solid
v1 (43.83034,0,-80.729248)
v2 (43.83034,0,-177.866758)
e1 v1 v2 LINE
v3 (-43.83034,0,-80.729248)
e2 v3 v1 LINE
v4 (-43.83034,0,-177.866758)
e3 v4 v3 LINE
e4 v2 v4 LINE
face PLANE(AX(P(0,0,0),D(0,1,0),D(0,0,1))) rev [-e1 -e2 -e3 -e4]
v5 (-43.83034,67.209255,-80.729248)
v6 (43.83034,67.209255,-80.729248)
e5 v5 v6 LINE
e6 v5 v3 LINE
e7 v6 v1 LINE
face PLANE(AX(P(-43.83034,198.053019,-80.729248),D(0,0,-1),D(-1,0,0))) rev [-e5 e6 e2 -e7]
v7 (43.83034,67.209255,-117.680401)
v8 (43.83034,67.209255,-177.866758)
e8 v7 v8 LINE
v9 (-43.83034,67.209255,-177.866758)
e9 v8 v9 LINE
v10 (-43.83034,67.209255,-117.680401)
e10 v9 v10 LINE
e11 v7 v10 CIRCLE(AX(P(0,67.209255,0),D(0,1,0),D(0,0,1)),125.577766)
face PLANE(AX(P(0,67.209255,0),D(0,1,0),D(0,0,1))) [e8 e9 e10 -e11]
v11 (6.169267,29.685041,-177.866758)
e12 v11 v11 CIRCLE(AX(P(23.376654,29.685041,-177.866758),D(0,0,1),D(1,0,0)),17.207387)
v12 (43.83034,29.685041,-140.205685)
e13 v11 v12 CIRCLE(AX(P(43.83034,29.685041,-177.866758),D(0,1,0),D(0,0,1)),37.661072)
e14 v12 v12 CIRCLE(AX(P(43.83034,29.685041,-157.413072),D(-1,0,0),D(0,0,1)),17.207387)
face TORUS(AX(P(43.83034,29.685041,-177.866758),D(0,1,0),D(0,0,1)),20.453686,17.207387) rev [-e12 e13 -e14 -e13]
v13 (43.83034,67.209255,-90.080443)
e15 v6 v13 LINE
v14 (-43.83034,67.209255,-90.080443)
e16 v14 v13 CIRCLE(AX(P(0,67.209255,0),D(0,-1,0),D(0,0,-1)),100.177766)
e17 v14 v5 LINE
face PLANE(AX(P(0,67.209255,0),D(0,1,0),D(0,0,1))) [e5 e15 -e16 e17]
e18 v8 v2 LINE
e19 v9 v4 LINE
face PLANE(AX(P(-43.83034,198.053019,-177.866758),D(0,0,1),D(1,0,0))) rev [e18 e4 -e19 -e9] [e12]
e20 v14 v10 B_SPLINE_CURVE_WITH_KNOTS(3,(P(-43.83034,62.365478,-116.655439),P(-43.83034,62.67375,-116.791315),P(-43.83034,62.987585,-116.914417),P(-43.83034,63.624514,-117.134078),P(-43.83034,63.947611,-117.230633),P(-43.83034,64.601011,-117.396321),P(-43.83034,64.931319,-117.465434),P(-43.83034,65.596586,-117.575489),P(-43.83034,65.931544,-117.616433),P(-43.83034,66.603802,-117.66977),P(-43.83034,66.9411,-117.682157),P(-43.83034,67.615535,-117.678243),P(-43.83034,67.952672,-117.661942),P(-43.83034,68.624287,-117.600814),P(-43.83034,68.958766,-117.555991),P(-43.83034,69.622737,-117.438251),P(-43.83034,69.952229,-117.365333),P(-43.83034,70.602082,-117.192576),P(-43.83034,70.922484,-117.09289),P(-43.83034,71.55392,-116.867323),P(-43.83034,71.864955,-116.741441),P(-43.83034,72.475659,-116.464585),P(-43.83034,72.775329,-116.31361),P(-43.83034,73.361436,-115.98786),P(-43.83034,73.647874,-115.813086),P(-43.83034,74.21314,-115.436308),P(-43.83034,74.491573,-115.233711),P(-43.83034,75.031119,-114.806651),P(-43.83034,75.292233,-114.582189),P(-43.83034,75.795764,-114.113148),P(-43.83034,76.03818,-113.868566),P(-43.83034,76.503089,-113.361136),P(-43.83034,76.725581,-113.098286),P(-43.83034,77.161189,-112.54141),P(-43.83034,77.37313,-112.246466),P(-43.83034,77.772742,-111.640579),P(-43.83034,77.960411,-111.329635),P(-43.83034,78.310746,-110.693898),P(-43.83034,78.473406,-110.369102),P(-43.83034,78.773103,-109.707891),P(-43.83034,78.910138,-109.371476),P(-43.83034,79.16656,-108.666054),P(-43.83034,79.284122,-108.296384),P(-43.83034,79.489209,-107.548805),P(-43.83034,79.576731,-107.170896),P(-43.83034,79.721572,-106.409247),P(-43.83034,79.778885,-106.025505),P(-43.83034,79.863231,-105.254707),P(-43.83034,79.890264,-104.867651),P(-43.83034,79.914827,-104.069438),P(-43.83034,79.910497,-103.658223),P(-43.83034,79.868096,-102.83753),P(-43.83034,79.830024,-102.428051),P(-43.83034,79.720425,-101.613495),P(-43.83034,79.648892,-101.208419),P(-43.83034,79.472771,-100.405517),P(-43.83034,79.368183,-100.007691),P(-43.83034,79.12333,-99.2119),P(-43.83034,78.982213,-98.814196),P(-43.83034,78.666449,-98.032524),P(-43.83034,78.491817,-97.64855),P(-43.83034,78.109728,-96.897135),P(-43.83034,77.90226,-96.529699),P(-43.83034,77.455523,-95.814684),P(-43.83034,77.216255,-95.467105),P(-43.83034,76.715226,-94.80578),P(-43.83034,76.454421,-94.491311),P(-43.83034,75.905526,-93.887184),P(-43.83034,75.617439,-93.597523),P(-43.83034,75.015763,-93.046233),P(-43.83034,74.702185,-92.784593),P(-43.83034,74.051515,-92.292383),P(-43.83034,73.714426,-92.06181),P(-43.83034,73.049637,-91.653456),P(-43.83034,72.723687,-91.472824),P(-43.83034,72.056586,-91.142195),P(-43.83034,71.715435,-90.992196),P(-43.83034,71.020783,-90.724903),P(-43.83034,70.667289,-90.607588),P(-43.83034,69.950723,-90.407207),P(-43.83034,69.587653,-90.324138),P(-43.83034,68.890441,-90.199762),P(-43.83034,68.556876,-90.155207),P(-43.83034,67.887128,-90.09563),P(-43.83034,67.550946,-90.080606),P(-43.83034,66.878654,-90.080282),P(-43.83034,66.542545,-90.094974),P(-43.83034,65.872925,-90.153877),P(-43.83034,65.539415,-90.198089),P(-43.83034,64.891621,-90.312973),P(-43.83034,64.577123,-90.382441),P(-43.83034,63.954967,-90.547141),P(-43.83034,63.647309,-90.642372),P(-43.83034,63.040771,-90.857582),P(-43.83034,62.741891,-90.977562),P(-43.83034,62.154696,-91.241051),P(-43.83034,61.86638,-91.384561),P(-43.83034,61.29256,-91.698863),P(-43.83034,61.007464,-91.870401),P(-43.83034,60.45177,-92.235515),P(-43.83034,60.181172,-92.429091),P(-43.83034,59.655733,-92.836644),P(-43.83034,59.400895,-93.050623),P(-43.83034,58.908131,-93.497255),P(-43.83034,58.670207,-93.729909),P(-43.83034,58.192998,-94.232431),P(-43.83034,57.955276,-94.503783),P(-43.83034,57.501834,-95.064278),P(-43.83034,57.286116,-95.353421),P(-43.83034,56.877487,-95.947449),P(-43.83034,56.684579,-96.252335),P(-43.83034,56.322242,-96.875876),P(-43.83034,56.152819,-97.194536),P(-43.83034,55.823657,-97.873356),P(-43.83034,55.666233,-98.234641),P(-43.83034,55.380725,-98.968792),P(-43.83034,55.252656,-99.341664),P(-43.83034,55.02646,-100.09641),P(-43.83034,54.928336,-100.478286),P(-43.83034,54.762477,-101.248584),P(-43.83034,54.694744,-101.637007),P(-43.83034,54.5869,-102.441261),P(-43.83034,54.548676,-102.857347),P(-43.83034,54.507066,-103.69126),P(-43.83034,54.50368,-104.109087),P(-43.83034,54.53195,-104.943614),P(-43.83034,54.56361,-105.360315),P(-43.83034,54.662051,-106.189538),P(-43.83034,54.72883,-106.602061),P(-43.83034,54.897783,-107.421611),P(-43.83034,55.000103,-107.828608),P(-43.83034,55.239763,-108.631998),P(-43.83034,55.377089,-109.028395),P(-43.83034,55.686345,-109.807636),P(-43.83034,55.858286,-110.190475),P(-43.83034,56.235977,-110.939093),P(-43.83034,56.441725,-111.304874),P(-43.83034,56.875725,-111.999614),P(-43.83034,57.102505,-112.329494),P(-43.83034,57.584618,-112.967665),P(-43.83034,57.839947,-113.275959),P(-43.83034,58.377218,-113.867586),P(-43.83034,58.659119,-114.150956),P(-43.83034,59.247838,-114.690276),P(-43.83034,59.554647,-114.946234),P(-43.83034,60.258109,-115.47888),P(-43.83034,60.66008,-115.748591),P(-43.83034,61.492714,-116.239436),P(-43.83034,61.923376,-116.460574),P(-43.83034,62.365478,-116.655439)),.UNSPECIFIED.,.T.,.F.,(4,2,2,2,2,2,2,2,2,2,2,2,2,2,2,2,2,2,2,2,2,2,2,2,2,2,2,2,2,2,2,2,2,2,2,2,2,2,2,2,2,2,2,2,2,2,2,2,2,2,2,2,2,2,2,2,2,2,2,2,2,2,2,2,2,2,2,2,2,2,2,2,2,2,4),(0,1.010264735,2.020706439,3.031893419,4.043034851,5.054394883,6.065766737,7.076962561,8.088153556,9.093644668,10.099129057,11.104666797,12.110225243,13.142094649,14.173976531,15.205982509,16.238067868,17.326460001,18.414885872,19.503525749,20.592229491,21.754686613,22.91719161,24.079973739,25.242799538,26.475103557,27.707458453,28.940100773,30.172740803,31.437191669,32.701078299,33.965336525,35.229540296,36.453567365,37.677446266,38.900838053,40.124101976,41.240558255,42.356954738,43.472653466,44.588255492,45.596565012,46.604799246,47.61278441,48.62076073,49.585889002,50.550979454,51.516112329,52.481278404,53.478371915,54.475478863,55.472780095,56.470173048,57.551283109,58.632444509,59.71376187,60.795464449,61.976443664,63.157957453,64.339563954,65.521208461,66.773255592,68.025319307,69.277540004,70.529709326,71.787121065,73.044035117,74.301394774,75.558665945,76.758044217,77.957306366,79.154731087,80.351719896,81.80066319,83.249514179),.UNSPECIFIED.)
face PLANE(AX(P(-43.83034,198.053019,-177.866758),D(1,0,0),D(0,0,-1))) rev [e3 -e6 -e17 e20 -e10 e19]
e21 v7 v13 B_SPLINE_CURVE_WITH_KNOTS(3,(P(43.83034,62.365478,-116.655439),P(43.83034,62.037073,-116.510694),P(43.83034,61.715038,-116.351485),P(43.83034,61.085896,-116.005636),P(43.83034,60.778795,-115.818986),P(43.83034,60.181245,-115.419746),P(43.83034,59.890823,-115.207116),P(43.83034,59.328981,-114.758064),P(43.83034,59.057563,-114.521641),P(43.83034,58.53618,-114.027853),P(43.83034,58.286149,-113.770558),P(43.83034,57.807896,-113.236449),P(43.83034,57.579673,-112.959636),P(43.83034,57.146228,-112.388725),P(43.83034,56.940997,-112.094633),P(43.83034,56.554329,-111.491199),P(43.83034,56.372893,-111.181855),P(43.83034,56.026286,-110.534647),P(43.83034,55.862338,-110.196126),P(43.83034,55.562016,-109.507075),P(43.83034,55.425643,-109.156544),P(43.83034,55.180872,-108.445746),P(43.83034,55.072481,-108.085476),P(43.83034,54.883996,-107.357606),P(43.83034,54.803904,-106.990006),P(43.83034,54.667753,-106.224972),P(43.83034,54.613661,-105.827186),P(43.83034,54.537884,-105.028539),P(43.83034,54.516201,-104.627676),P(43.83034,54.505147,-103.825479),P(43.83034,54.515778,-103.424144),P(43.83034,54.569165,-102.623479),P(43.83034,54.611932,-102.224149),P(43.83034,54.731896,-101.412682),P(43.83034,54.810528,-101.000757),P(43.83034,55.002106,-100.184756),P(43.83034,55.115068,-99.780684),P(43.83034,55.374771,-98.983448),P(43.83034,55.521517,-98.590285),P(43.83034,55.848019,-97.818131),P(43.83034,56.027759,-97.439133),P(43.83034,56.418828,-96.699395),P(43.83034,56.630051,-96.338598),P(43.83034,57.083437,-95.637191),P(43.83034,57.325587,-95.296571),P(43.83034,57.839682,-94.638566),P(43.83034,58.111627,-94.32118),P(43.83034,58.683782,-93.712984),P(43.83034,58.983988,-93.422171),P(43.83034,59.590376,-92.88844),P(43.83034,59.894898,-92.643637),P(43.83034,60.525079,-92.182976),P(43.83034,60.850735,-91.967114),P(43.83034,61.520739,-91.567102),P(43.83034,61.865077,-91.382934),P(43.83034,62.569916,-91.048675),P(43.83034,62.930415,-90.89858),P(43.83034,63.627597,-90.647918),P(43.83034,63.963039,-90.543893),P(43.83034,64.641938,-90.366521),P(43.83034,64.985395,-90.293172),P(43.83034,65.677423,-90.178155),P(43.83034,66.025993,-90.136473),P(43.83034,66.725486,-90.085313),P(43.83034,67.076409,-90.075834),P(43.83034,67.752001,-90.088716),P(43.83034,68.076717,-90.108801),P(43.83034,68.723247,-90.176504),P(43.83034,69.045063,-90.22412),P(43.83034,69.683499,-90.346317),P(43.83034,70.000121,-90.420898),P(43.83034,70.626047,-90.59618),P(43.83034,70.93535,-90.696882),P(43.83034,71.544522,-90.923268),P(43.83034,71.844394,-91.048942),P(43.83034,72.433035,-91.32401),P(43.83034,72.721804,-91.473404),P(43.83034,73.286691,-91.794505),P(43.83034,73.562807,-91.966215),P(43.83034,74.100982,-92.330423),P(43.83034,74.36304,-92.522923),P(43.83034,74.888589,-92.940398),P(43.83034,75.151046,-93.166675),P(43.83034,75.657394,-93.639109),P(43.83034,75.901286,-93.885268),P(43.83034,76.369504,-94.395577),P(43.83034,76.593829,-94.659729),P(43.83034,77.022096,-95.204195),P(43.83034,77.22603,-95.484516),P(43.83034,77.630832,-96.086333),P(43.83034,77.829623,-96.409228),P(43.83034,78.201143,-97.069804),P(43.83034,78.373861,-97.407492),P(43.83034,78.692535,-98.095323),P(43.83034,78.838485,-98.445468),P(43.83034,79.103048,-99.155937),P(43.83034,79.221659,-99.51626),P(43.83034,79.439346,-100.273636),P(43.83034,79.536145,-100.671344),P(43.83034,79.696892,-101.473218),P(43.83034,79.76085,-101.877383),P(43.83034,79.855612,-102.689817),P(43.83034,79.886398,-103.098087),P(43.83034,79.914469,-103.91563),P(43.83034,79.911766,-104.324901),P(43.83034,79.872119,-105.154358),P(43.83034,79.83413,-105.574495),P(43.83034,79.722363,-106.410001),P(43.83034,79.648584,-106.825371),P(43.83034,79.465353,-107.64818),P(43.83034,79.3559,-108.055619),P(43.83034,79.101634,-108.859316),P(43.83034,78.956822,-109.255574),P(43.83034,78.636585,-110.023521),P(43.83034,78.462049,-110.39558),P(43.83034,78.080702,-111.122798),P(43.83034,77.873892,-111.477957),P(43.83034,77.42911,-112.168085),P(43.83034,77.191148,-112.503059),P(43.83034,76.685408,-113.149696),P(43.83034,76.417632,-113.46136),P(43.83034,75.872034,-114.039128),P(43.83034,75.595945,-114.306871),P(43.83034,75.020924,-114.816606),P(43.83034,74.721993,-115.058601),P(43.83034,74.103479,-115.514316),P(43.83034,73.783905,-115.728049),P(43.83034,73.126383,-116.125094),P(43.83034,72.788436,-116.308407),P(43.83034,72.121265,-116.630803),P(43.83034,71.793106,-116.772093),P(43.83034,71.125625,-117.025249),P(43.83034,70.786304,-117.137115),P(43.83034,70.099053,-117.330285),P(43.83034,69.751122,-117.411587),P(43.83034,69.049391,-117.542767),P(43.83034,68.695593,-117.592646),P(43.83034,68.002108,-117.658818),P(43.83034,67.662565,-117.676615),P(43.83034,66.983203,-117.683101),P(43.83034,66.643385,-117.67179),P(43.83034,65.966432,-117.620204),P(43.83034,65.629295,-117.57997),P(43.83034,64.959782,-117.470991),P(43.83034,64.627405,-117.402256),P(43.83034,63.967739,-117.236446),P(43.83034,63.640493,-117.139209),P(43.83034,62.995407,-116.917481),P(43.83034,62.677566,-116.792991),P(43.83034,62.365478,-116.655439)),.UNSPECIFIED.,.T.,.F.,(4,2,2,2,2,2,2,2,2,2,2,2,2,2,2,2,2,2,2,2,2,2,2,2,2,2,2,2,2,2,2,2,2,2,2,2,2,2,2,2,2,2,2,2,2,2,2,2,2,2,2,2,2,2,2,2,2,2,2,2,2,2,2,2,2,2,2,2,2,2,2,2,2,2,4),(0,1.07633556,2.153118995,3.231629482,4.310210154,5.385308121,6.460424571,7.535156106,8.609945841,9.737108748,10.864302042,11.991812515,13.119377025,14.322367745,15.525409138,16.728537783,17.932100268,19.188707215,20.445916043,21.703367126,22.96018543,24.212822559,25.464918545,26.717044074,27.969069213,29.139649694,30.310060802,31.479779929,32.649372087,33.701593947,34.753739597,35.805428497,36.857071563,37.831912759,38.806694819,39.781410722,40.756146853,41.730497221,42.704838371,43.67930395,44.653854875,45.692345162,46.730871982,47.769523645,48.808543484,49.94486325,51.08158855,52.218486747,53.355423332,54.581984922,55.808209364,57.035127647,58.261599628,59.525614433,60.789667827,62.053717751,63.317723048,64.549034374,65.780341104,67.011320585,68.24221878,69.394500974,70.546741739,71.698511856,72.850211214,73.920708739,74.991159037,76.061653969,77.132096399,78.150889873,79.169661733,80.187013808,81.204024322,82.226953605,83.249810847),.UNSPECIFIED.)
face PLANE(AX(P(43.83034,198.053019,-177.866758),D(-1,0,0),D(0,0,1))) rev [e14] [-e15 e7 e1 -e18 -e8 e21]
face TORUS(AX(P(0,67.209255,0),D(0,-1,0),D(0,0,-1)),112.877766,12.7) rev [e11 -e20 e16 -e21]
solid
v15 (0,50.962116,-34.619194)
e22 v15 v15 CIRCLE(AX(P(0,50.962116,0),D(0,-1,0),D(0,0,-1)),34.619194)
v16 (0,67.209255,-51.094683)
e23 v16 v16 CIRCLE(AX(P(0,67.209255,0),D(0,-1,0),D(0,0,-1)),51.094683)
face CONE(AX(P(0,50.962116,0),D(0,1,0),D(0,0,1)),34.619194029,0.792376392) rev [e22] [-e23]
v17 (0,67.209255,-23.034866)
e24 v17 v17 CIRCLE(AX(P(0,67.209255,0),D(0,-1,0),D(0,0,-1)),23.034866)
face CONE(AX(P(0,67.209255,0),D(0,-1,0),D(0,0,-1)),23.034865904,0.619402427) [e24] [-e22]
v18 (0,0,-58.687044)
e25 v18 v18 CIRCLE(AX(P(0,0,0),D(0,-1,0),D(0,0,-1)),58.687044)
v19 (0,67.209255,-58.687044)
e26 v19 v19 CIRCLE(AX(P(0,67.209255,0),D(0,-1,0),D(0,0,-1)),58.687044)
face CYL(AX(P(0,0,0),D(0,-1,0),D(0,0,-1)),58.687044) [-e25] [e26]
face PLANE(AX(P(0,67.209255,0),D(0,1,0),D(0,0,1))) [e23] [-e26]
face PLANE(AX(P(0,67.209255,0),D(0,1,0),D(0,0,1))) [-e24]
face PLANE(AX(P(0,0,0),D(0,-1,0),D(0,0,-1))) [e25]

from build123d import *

# Parameters (mm, degrees)
SKETCH1_W           = 58.68704402
SKETCH1_H           = 67.209255033
SKETCH2_W           = 87.660679444
SKETCH2_H           = 97.137509655
BOSS_EXTRUDE1_DEPTH = 67.209255033
SKETCH3_R           = 12.7
SKETCH4_R           = 17.207386705


with BuildPart() as part:
    # Sketch1 → Revolve1 (revolve)
    with BuildSketch(Plane.XY, mode=Mode.PRIVATE) as revolve1_sk:
        with Locations((29.34352201, 33.604627517)):
            Rectangle(SKETCH1_W, SKETCH1_H)
    revolve(revolve1_sk.sketch.rotate(Axis((0, 0, 0), (0, 1, 0)), 90), axis=Axis((0, 0, 0), (0, 1, 0)))


with BuildPart() as body_2:
    # Sketch2 → Boss-Extrude1 (new body)
    with BuildSketch(Plane(origin=(0, 0, 0), x_dir=(1, 0, 0), z_dir=(0, 1, 0))):
        with Locations((0, 129.298002943)):
            Rectangle(SKETCH2_W, SKETCH2_H)
    extrude(amount=BOSS_EXTRUDE1_DEPTH)


with BuildPart() as cut_revolve1_tool:
    # Sketch3 → Cut-Revolve1 (revolve)
    with BuildSketch(Plane(origin=(0, 0, 0), x_dir=(0, 0, -1), z_dir=(1, 0, 0))):
        with Locations((112.877766248, 67.209255033)):
            Circle(SKETCH3_R)
        Polygon((23.034865904, 67.209255033), (34.619194029, 50.962115843), (51.094682917, 67.209255033), align=None)
    revolve(axis=Axis((0, 0, 0), (0, 1, 0)))


with BuildPart() as part_1:
    add(part.part)

    # Cut-Revolve1: cut by cut_revolve1_tool
    add(cut_revolve1_tool.part, mode=Mode.SUBTRACT)


with BuildPart() as body_2_1:
    add(body_2.part)

    # Cut-Revolve1: cut by cut_revolve1_tool
    add(cut_revolve1_tool.part, mode=Mode.SUBTRACT)

    # Sketch4 → Cut-Revolve2 (revolve, cut)
    with BuildSketch(Plane(origin=(43.830339722, 0, 0), x_dir=(0, 0, -1), z_dir=(1, 0, 0)), mode=Mode.PRIVATE) as cut_revolve2_sk:
        with Locations((157.413072149, 29.685041268)):
            Circle(SKETCH4_R)
    revolve(cut_revolve2_sk.sketch.rotate(Axis((43.830339722, 198.053018745, -177.86675777), (0, -1, 0)), 45), axis=Axis((43.830339722, 198.053018745, -177.86675777), (0, -1, 0)), mode=Mode.SUBTRACT)


solid = Compound([part_1.part, body_2_1.part])
